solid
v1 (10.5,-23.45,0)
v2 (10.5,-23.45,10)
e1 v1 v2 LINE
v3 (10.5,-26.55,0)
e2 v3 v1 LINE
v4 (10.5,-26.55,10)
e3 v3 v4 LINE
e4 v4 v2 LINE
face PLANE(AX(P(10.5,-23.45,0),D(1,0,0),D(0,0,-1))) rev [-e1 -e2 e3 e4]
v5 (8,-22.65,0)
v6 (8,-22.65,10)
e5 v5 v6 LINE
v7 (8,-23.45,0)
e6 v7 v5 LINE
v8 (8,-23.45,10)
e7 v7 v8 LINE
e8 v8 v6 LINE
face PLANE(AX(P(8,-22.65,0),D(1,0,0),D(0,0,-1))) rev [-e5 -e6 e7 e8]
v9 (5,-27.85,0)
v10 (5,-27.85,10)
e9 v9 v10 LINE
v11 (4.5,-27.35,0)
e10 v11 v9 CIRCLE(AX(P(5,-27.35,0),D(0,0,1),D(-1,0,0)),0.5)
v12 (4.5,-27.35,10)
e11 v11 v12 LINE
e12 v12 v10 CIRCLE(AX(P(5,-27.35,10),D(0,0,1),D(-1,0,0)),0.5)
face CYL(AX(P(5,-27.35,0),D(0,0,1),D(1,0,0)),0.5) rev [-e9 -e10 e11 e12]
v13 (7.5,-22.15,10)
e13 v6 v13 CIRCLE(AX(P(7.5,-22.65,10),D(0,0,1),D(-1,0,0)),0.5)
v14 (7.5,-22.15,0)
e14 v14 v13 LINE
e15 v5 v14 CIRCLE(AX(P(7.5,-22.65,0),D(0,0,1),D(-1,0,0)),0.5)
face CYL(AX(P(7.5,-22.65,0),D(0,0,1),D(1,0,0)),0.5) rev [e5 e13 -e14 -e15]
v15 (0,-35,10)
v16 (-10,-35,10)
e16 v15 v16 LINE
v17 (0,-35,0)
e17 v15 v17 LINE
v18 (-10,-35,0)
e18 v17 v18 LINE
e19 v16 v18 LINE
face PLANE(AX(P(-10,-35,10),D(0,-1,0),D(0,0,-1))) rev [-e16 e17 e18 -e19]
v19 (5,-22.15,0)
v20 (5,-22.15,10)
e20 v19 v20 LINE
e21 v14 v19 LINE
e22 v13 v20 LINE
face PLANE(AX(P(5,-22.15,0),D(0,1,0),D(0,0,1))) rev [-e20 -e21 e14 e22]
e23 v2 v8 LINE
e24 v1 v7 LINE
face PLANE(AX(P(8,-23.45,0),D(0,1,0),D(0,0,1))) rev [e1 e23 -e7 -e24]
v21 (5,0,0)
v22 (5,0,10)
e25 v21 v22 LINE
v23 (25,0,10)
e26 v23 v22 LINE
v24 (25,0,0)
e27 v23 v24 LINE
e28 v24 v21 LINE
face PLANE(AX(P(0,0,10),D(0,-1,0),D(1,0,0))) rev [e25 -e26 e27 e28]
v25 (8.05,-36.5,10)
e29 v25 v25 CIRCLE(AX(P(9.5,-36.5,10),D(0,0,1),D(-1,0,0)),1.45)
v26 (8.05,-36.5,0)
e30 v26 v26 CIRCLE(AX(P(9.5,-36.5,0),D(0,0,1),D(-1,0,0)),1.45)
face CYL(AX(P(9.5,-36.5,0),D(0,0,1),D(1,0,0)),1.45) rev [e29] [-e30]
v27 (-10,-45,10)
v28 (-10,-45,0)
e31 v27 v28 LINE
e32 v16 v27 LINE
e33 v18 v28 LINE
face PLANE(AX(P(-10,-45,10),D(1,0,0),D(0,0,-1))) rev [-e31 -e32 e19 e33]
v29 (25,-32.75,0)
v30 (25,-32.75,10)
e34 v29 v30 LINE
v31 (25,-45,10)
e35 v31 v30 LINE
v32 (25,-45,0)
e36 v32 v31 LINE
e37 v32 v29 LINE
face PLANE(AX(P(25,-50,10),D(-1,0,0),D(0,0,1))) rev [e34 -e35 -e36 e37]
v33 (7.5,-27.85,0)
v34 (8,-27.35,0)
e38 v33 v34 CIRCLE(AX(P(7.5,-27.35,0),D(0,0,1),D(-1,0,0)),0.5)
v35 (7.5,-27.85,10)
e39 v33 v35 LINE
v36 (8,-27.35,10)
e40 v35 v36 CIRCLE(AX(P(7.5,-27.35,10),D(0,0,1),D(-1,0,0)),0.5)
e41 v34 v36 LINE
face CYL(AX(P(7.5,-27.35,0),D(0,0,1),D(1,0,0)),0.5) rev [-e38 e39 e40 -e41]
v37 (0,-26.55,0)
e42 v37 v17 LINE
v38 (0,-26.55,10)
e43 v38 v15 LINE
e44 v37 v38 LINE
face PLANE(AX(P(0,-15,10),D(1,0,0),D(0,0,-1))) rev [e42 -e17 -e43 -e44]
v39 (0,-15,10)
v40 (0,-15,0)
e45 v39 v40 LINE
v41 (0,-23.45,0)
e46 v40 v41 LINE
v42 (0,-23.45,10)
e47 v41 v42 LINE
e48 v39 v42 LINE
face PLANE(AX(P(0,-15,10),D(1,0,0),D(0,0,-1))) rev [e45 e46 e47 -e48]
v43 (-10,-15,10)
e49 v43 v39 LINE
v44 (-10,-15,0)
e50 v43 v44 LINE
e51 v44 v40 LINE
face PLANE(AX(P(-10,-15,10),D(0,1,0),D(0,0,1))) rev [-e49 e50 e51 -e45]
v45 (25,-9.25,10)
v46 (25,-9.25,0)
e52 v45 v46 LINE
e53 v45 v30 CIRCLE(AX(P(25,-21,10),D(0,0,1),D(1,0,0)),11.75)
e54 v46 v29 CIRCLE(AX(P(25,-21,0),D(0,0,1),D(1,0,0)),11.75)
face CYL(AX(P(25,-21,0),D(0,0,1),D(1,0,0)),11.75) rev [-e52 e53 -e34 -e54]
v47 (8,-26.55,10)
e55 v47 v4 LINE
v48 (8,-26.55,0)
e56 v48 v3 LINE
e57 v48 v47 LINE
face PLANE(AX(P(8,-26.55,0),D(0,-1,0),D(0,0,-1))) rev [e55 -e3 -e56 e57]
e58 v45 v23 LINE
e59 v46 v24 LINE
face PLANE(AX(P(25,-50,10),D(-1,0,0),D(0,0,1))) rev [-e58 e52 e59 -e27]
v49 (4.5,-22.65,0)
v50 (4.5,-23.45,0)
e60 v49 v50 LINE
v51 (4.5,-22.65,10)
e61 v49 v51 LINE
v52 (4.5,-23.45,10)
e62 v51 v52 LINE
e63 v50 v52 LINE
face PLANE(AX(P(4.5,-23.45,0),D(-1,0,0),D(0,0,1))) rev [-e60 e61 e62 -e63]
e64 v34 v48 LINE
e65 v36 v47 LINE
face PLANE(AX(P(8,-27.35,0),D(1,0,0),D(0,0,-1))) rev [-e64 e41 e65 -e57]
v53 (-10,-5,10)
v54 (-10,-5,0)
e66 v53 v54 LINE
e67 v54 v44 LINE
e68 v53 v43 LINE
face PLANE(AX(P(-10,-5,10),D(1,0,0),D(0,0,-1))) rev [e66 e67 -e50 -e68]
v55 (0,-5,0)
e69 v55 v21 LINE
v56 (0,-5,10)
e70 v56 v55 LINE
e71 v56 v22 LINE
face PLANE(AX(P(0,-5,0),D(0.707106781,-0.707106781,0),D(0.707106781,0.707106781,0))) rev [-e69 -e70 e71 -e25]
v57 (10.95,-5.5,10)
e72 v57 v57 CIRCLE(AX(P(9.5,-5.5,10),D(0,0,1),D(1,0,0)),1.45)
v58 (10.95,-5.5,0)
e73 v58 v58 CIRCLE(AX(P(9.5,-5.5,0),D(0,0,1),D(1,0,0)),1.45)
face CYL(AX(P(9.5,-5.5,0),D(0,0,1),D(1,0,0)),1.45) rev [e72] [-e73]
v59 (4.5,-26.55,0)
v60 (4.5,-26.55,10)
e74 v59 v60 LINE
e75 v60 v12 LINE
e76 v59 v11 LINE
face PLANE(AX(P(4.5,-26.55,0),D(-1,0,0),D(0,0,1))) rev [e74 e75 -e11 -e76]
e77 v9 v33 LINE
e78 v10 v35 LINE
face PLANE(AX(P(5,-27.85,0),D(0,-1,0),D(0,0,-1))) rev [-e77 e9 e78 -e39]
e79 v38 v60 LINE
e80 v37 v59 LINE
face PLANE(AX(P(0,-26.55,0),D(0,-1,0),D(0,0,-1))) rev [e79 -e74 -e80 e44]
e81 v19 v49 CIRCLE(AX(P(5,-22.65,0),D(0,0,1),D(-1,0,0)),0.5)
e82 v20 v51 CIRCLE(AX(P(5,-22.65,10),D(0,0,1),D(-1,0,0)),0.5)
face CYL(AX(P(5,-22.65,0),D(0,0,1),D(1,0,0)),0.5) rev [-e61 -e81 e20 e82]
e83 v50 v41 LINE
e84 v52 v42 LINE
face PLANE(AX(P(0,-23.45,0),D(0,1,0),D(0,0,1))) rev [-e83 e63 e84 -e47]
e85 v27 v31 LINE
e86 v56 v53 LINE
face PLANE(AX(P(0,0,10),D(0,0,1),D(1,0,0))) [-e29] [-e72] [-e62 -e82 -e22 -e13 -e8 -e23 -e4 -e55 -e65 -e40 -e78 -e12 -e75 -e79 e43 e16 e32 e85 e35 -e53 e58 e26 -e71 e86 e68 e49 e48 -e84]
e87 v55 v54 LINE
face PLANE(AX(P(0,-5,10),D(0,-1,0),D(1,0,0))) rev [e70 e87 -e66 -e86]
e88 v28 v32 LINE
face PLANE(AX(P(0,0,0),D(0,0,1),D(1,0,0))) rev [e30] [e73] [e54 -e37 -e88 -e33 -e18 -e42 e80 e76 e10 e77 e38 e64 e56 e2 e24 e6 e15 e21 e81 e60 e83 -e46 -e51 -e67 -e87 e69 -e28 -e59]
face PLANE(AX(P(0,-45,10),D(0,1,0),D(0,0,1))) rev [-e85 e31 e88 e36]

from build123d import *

# Parameters (mm, degrees)
BOSS_EXTRUDE1_DEPTH = 10
SKETCH2_R           = 11.75
SKETCH2_R_2         = 1.45
MOTOR_DEPTH         = 57.789083458
SCREW_DEPTH         = 57.789083458
SKETCH4_W           = 25
SKETCH4_H           = 5
CUT_EXTRUDE3_DEPTH  = 57.789083458


with BuildPart() as part:
    # Sketch1 → Boss-Extrude1 (new body)
    with BuildSketch(Plane.XY):
        Polygon((0, 0), (0, -5), (-10, -5), (-10, -15), (0, -15), (0, -35), (-10, -35), (-10, -45), (0, -45), (0, -50), (25, -50), (25, 0), align=None)
    extrude(amount=BOSS_EXTRUDE1_DEPTH)

    # Sketch2 → motor (cut, through all)
    with BuildSketch(Plane.XY.offset(10)):
        with Locations((25, -21)):
            Circle(SKETCH2_R)
        with Locations((9.5, -5.5)):
            Circle(SKETCH2_R_2)
        with Locations(Location((9.5, -36.5, 0), (0, 0, 180))):
            Circle(SKETCH2_R_2)
    extrude(amount=-MOTOR_DEPTH, mode=Mode.SUBTRACT)

    # Sketch3 → screw (cut, through all)
    with BuildSketch(Plane.XY.offset(10)):
        with BuildLine():
            Line((0, -26.55), (0, -23.45))
            Line((0, -23.45), (4.5, -23.45))
            Line((4.5, -23.45), (4.5, -22.65))
            ThreePointArc((4.5, -22.65), (4.646446609, -22.296446609), (5, -22.15))
            Line((5, -22.15), (7.5, -22.15))
            ThreePointArc((7.5, -22.15), (7.853553391, -22.296446609), (8, -22.65))
            Line((8, -22.65), (8, -23.45))
            Line((8, -23.45), (10.5, -23.45))
            Line((10.5, -23.45), (10.5, -26.55))
            Line((10.5, -26.55), (8, -26.55))
            Line((8, -26.55), (8, -27.35))
            ThreePointArc((8, -27.35), (7.853553391, -27.703553391), (7.5, -27.85))
            Line((7.5, -27.85), (5, -27.85))
            ThreePointArc((5, -27.85), (4.646446609, -27.703553391), (4.5, -27.35))
            Line((4.5, -27.35), (4.5, -26.55))
            Line((4.5, -26.55), (0, -26.55))
        make_face()
    extrude(amount=-SCREW_DEPTH, mode=Mode.SUBTRACT)

    # Sketch4 → Cut-Extrude3 (cut, through all)
    with BuildSketch(Plane.XY.offset(10)):
        with Locations((12.5, -47.5)):
            Rectangle(SKETCH4_W, SKETCH4_H)
        Polygon((0, -5), (5, 0), (0, 0), align=None)
    extrude(amount=-CUT_EXTRUDE3_DEPTH, mode=Mode.SUBTRACT)


solid = part.part
